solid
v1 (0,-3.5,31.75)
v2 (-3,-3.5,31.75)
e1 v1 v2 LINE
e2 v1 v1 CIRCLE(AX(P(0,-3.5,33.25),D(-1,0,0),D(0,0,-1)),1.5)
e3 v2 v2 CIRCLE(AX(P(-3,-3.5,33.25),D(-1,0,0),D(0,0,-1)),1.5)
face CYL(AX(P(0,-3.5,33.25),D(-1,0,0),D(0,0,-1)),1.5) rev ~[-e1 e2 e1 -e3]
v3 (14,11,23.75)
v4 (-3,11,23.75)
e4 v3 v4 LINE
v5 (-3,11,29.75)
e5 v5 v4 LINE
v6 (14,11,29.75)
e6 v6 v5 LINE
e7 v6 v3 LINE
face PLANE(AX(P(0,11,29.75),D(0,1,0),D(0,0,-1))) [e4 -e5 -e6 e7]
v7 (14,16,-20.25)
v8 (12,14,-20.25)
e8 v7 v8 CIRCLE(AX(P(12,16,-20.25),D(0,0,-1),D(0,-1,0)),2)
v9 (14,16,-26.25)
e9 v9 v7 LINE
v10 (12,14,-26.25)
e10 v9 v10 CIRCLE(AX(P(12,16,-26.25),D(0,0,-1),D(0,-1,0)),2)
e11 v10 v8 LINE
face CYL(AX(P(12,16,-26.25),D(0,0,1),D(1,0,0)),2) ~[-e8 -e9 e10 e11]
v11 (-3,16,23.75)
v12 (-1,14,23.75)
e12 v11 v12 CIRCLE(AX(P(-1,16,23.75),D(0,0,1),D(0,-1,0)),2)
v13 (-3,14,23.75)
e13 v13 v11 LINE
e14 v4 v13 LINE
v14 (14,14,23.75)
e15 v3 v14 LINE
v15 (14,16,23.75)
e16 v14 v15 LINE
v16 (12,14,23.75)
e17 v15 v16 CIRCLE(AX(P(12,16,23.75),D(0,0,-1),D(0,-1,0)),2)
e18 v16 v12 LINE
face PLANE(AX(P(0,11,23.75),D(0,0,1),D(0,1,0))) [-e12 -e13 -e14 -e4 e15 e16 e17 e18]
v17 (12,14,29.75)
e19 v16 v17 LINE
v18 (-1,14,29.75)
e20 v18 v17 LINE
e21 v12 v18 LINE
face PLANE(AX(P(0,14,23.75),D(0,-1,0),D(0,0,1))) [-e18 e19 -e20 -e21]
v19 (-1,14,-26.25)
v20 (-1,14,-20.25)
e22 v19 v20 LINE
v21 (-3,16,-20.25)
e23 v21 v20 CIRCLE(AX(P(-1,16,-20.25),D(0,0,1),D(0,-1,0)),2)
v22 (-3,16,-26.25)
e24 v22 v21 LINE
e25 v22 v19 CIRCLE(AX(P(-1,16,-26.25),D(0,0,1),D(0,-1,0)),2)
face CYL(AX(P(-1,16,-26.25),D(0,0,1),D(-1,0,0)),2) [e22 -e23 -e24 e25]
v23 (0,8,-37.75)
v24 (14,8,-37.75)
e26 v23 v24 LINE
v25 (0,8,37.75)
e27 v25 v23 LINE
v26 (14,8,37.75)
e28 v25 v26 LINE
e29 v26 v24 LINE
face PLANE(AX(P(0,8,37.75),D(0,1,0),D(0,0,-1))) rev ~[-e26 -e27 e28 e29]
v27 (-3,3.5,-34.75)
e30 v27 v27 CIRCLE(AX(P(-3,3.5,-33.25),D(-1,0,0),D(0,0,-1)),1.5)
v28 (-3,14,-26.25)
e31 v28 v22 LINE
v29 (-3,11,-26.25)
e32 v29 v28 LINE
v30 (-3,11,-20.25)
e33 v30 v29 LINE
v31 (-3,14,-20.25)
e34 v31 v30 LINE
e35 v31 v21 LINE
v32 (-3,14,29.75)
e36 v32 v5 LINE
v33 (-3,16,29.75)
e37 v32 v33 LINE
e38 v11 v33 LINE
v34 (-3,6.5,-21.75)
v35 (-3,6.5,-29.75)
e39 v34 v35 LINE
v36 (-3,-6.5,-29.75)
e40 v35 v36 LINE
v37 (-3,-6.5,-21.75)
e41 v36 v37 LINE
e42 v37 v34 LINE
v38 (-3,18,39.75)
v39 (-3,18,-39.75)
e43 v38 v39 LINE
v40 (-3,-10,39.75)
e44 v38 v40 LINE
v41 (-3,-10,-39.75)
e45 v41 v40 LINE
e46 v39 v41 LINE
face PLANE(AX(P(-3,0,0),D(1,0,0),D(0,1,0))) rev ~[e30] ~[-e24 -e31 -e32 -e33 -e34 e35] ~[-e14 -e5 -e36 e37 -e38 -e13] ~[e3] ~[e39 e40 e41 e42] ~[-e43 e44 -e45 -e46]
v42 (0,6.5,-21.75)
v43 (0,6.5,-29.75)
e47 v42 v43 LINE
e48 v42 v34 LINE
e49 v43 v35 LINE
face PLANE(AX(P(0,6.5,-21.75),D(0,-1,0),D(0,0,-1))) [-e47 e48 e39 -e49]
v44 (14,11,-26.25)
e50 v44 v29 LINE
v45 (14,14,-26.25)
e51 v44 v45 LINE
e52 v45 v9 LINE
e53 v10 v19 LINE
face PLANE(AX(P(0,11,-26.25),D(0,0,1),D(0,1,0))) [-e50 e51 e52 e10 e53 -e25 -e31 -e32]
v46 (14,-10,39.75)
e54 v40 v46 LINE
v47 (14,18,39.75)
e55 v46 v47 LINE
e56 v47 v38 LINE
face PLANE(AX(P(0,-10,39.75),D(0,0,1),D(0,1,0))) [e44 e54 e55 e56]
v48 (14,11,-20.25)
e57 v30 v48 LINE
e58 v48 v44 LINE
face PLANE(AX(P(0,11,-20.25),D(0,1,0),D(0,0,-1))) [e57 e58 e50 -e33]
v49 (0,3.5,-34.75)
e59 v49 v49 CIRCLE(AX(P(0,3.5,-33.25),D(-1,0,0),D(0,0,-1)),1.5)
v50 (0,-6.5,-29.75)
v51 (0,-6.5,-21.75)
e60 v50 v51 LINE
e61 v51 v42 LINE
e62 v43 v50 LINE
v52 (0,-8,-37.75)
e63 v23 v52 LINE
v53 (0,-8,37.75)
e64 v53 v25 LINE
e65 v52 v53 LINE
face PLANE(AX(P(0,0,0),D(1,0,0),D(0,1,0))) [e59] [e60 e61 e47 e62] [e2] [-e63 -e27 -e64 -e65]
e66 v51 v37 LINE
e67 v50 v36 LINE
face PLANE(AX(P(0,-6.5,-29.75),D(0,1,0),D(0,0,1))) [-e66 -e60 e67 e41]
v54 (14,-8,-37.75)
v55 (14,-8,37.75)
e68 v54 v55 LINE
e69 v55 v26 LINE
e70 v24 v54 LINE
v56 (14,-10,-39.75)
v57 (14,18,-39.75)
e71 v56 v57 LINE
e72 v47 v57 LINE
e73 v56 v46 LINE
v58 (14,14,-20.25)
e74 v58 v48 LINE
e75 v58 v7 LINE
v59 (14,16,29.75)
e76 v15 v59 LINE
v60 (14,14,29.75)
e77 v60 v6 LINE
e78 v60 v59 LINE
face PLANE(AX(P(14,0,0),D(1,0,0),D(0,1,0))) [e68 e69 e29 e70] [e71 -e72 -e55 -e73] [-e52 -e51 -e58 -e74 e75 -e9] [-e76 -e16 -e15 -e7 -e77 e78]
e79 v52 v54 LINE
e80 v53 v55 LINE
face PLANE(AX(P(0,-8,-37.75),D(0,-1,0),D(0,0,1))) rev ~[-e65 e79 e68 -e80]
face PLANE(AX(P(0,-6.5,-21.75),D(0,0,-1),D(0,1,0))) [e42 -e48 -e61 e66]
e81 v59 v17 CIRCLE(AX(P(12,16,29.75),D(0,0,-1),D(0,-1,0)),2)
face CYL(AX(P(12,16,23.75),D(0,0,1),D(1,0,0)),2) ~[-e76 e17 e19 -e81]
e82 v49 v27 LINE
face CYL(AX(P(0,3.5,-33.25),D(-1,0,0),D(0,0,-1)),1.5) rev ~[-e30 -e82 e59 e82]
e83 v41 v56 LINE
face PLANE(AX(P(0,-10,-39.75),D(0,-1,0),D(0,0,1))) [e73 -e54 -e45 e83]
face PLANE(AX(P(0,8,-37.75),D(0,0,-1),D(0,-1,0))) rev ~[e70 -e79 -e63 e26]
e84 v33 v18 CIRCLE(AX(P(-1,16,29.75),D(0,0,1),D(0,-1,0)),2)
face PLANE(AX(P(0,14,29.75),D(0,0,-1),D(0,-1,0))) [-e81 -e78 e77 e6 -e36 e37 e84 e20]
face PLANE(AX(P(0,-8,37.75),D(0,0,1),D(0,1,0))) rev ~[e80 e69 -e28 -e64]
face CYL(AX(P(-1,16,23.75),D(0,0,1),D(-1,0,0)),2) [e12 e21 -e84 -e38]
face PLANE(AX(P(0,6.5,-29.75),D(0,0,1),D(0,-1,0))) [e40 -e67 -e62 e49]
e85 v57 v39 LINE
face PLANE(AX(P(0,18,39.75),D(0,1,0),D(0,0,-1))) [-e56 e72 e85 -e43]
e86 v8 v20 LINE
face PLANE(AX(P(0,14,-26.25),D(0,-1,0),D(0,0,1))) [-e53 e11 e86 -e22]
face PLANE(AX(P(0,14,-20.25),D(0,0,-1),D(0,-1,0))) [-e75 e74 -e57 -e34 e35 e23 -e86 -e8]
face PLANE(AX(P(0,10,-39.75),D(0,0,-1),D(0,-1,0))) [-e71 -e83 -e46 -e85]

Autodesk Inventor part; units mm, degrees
ref_plane "YZ Plane" through (0, 0, 0) normal (1, 0, 0) x (0, 1, 0)
ref_plane "XZ Plane" through (0, 0, 0) normal (0, 1, 0) x (-1, 0, 0)
ref_plane "XY Plane" through (0, 0, 0) normal (0, 0, 1) x (1, 0, 0)
sketch "Sketch1" plane through (0, 0, 0) normal (1, 0, 0) x (0, 1, 0)
  line L0 (-8, 37.75) -> (8, 37.75)
  line L1 (8, 37.75) -> (8, -37.75)
  line L2 (8, -37.75) -> (-8, -37.75)
  line L3 (-8, -37.75) -> (-8, 37.75)
  line L4 (-10, 39.75) -> (10, 39.75)
  line L5 (10, 39.75) -> (10, -39.75)
  line L6 (10, -39.75) -> (-10, -39.75)
  line L7 (-10, -39.75) -> (-10, 39.75)
  line L8 (-6.6198, 22.75) -> (6.3802, 22.75) construction
  line L9 (6.3802, 22.75) -> (6.3802, -19.25) construction
  line L10 (6.3802, -19.25) -> (-6.6198, -19.25) construction
  line L11 (-6.6198, -19.25) -> (-6.6198, 22.75) construction
  line L12 (-6.5, -21.75) -> (6.5, -21.75)
  line L13 (6.5, -21.75) -> (6.5, -29.75)
  line L14 (6.5, -29.75) -> (-6.5, -29.75)
  line L15 (-6.5, -29.75) -> (-6.5, -21.75)
  line L16 (8, 37.75) -> (-8, -37.75) construction
  line L17 (10, 39.75) -> (18, 39.75)
  line L18 (18, 39.75) -> (18, -39.75)
  line L19 (18, -39.75) -> (10, -39.75)
  line L20 (10, -39.75) -> (10, 39.75)
  line L21 (14, 29.75) -> (11, 29.75)
  line L22 (11, 29.75) -> (11, 23.75)
  line L23 (11, 23.75) -> (14, 23.75)
  line L24 (14, 23.75) -> (14, 29.75)
  line L25 (11, -20.25) -> (11, -26.25)
  line L26 (14, -26.25) -> (14, -20.25)
  line L27 (11, -26.25) -> (14, -26.25)
  line L28 (14, -20.25) -> (11, -20.25)
  point P0 (0, 0)
  point P1 (0, 0)
  point P2 (-3.5, 33.25)
  point P3 (3.5, -33.25)
  point P4 (0, 0)
  point P5 (14, 39.75)
  point P6 (12.5, 29.75)
  point P7 (10, -39.75)
  dimension "d0" = 16
  dimension "d1" = 75.5
  dimension "d2" = 4.5
  dimension "d3" = 4.5
  dimension "d4" = 2
  dimension "d5" = 4.5
  dimension "d6" = 4.5
  dimension "d7" = 13
  dimension "d8" = 42
  dimension "d9" = 15
  dimension "d10" = 13
  dimension "d11" = 8
  dimension "d12" = 1.5
  dimension "d13" = 16
  dimension "d18" = 8
  dimension "d19" = 3
  dimension "d20" = 6
  dimension "d23" = 50
  dimension "d28" = 10
  dimension "d40" = 4
extrude "Extrusion1" add sketch "Sketch1" against normal blind 3 contours L0 L1 L2 L3 | L4 L5 L6 L7
extrude "Extrusion2" add sketch "Sketch1" along normal blind 14 contours L4 L5 L6 L7
extrude "Extrusion3" add sketch "Sketch1" along normal blind 14 and the other way blind 3 contours L17 L18 L19 L5
hole "Hole1" at (0, 3.5, -33.25) at (0, -3.5, 33.25) direction (-1, 0, 0) diameter 3 end through all
fillet "Fillet1" radius 2 4 edges at (14, 14, 26.75) (14, 14, -23.25) (-3, 14, -23.25) (-3, 14, 26.75)
equation "\"d2\" = d3"
equation "\"d5\" = d3"
equation "\"d6\" = d3"
properties part number "rearlightMount"
